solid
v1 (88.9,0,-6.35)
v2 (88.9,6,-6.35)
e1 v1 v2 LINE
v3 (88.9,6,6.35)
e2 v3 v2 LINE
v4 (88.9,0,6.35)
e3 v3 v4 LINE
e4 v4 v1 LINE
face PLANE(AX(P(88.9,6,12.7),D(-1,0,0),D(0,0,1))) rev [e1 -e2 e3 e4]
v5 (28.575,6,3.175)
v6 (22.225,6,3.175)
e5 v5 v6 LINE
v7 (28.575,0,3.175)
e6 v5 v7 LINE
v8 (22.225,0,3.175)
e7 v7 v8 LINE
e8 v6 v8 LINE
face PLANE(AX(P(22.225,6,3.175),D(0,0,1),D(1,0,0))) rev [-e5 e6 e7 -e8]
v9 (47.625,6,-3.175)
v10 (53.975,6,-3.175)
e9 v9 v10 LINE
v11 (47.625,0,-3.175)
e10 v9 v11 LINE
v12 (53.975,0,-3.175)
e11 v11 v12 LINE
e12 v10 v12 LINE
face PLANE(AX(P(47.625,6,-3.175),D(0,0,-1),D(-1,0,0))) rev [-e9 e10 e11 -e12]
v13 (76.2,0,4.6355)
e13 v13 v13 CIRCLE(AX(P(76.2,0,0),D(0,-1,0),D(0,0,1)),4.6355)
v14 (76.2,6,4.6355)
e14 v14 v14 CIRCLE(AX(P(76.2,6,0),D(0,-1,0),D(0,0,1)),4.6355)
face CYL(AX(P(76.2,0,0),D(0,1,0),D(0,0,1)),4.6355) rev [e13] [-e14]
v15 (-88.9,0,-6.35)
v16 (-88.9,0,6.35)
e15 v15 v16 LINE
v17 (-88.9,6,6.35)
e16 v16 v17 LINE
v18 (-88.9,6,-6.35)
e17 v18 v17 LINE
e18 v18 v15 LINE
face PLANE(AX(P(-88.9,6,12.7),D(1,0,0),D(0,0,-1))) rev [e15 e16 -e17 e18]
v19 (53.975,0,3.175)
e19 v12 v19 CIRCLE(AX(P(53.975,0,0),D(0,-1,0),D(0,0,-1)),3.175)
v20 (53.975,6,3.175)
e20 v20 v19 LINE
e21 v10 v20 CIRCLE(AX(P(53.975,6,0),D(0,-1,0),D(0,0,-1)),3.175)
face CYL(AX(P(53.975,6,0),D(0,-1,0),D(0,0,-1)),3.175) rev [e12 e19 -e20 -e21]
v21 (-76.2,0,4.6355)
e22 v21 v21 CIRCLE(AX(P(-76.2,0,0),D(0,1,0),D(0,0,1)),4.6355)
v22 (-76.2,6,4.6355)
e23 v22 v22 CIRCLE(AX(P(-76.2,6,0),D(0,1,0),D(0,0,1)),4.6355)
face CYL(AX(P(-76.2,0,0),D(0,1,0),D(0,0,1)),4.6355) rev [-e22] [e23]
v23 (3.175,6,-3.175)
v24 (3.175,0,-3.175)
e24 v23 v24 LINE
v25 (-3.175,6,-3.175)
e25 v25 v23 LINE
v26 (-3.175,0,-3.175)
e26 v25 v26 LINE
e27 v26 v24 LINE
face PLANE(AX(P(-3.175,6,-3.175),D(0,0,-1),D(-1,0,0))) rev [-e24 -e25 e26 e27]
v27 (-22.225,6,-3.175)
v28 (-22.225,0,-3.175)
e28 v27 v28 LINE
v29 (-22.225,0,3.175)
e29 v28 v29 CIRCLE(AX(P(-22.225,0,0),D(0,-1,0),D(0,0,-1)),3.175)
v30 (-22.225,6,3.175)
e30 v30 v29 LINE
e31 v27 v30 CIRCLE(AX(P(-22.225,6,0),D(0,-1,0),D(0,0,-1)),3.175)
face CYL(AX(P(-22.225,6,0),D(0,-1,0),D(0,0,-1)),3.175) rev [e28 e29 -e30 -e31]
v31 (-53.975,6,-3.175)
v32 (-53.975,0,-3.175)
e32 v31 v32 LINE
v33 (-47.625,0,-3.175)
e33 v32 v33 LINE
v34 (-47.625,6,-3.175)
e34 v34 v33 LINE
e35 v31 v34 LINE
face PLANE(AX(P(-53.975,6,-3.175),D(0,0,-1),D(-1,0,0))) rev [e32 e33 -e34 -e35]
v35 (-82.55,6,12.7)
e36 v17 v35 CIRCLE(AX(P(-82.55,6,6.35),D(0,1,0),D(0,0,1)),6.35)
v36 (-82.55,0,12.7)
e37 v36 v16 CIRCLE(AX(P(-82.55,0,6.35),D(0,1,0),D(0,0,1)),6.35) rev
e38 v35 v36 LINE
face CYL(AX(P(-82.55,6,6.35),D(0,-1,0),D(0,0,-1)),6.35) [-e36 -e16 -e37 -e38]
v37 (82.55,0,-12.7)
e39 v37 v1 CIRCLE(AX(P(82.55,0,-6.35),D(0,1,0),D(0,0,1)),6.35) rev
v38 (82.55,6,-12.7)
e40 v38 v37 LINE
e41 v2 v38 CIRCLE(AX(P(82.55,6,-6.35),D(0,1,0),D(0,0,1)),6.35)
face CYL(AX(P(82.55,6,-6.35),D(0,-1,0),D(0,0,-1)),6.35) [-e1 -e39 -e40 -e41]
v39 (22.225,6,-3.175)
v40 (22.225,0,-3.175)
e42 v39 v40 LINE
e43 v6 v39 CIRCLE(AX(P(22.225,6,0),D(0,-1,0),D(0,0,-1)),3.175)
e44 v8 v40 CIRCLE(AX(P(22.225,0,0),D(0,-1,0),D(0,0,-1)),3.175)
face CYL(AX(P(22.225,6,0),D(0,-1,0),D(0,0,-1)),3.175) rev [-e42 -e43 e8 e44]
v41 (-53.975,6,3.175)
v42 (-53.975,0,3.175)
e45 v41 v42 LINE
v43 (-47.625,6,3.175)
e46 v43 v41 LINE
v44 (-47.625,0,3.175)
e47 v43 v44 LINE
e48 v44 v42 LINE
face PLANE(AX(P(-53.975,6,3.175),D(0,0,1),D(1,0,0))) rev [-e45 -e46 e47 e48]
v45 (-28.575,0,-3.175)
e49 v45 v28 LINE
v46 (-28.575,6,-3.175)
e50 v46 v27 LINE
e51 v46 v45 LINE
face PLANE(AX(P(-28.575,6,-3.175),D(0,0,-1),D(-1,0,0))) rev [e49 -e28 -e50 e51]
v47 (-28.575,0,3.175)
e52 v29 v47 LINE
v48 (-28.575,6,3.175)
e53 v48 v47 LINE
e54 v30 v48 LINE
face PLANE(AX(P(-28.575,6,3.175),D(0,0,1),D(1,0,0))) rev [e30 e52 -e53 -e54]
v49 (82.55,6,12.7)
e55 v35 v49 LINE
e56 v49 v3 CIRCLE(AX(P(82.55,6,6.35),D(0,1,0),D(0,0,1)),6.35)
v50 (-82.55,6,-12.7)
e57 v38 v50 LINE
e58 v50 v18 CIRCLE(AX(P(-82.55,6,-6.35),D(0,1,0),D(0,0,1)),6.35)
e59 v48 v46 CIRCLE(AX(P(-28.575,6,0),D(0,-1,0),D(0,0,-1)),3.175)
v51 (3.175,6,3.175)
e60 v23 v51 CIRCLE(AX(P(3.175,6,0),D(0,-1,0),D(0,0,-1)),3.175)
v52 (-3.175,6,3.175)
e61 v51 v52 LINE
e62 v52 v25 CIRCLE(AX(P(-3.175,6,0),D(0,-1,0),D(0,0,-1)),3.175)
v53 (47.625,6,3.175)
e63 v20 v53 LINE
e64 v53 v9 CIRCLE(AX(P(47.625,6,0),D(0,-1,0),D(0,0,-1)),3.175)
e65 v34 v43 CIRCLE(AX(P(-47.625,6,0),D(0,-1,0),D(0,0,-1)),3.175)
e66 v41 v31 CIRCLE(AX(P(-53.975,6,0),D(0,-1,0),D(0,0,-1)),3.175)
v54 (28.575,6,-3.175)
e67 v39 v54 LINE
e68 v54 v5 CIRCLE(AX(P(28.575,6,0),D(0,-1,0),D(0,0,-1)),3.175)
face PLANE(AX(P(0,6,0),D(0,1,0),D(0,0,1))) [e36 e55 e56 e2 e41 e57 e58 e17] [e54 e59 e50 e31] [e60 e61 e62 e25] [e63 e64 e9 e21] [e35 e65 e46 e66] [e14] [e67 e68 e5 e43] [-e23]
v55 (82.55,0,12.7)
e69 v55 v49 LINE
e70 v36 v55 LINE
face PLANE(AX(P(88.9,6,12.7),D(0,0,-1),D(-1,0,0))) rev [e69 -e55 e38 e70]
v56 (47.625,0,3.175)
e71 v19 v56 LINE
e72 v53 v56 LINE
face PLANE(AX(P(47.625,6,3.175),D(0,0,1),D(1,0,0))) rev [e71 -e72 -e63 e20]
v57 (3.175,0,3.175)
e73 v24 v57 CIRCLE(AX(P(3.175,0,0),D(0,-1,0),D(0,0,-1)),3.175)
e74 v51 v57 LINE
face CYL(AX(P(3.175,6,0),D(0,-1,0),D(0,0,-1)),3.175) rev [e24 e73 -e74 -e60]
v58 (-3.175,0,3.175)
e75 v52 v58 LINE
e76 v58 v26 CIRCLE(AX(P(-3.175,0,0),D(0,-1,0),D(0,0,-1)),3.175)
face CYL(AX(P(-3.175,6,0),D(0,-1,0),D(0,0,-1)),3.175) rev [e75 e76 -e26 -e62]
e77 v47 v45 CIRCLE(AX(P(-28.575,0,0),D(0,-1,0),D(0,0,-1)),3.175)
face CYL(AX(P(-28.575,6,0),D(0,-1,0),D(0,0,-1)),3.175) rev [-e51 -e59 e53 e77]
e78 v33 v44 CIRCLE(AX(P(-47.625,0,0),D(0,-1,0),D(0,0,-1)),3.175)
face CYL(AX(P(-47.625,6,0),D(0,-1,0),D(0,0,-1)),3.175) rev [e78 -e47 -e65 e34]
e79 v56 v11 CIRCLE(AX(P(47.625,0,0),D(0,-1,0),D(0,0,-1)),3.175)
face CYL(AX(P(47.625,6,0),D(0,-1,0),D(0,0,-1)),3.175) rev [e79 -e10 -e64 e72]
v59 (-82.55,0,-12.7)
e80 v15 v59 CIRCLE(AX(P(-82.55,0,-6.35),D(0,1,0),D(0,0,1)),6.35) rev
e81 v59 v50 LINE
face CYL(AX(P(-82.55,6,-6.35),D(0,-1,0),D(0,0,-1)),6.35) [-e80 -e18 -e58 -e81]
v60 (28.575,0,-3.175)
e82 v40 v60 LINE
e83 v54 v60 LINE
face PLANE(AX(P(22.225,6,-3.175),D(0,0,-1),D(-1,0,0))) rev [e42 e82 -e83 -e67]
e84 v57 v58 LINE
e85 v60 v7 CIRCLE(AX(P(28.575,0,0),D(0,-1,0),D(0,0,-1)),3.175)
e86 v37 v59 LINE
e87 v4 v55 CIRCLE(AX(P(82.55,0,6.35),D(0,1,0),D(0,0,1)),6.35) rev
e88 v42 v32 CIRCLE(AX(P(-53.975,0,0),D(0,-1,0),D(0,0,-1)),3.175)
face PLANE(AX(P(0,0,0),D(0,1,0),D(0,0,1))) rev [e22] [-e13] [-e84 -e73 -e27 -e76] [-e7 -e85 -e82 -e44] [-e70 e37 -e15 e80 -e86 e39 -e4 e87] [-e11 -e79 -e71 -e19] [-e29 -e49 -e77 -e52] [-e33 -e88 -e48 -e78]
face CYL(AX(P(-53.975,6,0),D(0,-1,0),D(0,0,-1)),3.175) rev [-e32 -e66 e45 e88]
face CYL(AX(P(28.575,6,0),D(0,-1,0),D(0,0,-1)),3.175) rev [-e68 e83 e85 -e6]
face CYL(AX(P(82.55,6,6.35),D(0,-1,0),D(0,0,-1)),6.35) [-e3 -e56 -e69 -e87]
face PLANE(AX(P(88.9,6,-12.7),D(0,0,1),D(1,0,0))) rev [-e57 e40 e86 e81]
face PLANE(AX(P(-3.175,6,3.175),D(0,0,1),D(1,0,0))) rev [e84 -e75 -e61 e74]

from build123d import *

# Parameters (mm, degrees)
SKETCH1_W           = 177.8
SKETCH1_H           = 25.4
BOSS_EXTRUDE1_DEPTH = 6
CUT_EXTRUDE2_DEPTH  = 91.002777735
FILLET1_R           = 6.35
SKETCH5_R           = 4.6355
CUT_EXTRUDE3_DEPTH  = 91.002777735


with BuildPart() as part:
    # Sketch1 → Boss-Extrude1 (new body)
    with BuildSketch(Plane(origin=(0, 0, 0), x_dir=(1, 0, 0), z_dir=(0, 1, 0))):
        Rectangle(SKETCH1_W, SKETCH1_H)
    extrude(amount=BOSS_EXTRUDE1_DEPTH)

    # Sketch4 → Cut-Extrude2 (cut, through all)
    with BuildSketch(Plane.XZ):
        with BuildLine():
            Line((-53.975, 3.175), (-47.625, 3.175))
            ThreePointArc((-47.625, 3.175), (-44.45, 0), (-47.625, -3.175))
            Line((-47.625, -3.175), (-53.975, -3.175))
            ThreePointArc((-53.975, -3.175), (-57.15, 0), (-53.975, 3.175))
        make_face()
        with BuildLine():
            Line((-28.575, 3.175), (-22.225, 3.175))
            ThreePointArc((-22.225, 3.175), (-19.05, 0), (-22.225, -3.175))
            Line((-22.225, -3.175), (-28.575, -3.175))
            ThreePointArc((-28.575, -3.175), (-31.75, 0), (-28.575, 3.175))
        make_face()
        with BuildLine():
            Line((-3.175, 3.175), (3.175, 3.175))
            ThreePointArc((3.175, 3.175), (6.35, 0), (3.175, -3.175))
            Line((3.175, -3.175), (-3.175, -3.175))
            ThreePointArc((-3.175, -3.175), (-6.35, 0), (-3.175, 3.175))
        make_face()
        with BuildLine():
            Line((22.225, 3.175), (28.575, 3.175))
            ThreePointArc((28.575, 3.175), (31.75, 0), (28.575, -3.175))
            Line((28.575, -3.175), (22.225, -3.175))
            ThreePointArc((22.225, -3.175), (19.05, 0), (22.225, 3.175))
        make_face()
        with BuildLine():
            Line((47.625, 3.175), (53.975, 3.175))
            ThreePointArc((53.975, 3.175), (57.15, 0), (53.975, -3.175))
            Line((53.975, -3.175), (47.625, -3.175))
            ThreePointArc((47.625, -3.175), (44.45, 0), (47.625, 3.175))
        make_face()
    extrude(amount=-CUT_EXTRUDE2_DEPTH, mode=Mode.SUBTRACT)

    # Fillet1
    fillet1_edges = [part.edges().sort_by_distance(p)[0] for p in [
        (-88.9, 3, -12.7),
        (88.9, 3, -12.7),
        (88.9, 3, 12.7),
        (-88.9, 3, 12.7),
    ]]
    fillet(fillet1_edges, radius=FILLET1_R)

    # Sketch5 → Cut-Extrude3 (cut, through all)
    with BuildSketch(Plane(origin=(0, 6, 0), x_dir=(1, 0, 0), z_dir=(0, 1, 0))):
        with Locations(Location((-76.2, 0, 0), (0, 0, 270))):
            Circle(SKETCH5_R)
    cut_extrude3 = extrude(amount=-CUT_EXTRUDE3_DEPTH, mode=Mode.SUBTRACT)

    # Mirror1: Cut-Extrude3 across plane
    add(cut_extrude3.mirror(Plane(origin=(0, 0, 0), x_dir=(0, 0, 1), z_dir=(1, 0, 0))), mode=Mode.SUBTRACT)


solid = part.part
